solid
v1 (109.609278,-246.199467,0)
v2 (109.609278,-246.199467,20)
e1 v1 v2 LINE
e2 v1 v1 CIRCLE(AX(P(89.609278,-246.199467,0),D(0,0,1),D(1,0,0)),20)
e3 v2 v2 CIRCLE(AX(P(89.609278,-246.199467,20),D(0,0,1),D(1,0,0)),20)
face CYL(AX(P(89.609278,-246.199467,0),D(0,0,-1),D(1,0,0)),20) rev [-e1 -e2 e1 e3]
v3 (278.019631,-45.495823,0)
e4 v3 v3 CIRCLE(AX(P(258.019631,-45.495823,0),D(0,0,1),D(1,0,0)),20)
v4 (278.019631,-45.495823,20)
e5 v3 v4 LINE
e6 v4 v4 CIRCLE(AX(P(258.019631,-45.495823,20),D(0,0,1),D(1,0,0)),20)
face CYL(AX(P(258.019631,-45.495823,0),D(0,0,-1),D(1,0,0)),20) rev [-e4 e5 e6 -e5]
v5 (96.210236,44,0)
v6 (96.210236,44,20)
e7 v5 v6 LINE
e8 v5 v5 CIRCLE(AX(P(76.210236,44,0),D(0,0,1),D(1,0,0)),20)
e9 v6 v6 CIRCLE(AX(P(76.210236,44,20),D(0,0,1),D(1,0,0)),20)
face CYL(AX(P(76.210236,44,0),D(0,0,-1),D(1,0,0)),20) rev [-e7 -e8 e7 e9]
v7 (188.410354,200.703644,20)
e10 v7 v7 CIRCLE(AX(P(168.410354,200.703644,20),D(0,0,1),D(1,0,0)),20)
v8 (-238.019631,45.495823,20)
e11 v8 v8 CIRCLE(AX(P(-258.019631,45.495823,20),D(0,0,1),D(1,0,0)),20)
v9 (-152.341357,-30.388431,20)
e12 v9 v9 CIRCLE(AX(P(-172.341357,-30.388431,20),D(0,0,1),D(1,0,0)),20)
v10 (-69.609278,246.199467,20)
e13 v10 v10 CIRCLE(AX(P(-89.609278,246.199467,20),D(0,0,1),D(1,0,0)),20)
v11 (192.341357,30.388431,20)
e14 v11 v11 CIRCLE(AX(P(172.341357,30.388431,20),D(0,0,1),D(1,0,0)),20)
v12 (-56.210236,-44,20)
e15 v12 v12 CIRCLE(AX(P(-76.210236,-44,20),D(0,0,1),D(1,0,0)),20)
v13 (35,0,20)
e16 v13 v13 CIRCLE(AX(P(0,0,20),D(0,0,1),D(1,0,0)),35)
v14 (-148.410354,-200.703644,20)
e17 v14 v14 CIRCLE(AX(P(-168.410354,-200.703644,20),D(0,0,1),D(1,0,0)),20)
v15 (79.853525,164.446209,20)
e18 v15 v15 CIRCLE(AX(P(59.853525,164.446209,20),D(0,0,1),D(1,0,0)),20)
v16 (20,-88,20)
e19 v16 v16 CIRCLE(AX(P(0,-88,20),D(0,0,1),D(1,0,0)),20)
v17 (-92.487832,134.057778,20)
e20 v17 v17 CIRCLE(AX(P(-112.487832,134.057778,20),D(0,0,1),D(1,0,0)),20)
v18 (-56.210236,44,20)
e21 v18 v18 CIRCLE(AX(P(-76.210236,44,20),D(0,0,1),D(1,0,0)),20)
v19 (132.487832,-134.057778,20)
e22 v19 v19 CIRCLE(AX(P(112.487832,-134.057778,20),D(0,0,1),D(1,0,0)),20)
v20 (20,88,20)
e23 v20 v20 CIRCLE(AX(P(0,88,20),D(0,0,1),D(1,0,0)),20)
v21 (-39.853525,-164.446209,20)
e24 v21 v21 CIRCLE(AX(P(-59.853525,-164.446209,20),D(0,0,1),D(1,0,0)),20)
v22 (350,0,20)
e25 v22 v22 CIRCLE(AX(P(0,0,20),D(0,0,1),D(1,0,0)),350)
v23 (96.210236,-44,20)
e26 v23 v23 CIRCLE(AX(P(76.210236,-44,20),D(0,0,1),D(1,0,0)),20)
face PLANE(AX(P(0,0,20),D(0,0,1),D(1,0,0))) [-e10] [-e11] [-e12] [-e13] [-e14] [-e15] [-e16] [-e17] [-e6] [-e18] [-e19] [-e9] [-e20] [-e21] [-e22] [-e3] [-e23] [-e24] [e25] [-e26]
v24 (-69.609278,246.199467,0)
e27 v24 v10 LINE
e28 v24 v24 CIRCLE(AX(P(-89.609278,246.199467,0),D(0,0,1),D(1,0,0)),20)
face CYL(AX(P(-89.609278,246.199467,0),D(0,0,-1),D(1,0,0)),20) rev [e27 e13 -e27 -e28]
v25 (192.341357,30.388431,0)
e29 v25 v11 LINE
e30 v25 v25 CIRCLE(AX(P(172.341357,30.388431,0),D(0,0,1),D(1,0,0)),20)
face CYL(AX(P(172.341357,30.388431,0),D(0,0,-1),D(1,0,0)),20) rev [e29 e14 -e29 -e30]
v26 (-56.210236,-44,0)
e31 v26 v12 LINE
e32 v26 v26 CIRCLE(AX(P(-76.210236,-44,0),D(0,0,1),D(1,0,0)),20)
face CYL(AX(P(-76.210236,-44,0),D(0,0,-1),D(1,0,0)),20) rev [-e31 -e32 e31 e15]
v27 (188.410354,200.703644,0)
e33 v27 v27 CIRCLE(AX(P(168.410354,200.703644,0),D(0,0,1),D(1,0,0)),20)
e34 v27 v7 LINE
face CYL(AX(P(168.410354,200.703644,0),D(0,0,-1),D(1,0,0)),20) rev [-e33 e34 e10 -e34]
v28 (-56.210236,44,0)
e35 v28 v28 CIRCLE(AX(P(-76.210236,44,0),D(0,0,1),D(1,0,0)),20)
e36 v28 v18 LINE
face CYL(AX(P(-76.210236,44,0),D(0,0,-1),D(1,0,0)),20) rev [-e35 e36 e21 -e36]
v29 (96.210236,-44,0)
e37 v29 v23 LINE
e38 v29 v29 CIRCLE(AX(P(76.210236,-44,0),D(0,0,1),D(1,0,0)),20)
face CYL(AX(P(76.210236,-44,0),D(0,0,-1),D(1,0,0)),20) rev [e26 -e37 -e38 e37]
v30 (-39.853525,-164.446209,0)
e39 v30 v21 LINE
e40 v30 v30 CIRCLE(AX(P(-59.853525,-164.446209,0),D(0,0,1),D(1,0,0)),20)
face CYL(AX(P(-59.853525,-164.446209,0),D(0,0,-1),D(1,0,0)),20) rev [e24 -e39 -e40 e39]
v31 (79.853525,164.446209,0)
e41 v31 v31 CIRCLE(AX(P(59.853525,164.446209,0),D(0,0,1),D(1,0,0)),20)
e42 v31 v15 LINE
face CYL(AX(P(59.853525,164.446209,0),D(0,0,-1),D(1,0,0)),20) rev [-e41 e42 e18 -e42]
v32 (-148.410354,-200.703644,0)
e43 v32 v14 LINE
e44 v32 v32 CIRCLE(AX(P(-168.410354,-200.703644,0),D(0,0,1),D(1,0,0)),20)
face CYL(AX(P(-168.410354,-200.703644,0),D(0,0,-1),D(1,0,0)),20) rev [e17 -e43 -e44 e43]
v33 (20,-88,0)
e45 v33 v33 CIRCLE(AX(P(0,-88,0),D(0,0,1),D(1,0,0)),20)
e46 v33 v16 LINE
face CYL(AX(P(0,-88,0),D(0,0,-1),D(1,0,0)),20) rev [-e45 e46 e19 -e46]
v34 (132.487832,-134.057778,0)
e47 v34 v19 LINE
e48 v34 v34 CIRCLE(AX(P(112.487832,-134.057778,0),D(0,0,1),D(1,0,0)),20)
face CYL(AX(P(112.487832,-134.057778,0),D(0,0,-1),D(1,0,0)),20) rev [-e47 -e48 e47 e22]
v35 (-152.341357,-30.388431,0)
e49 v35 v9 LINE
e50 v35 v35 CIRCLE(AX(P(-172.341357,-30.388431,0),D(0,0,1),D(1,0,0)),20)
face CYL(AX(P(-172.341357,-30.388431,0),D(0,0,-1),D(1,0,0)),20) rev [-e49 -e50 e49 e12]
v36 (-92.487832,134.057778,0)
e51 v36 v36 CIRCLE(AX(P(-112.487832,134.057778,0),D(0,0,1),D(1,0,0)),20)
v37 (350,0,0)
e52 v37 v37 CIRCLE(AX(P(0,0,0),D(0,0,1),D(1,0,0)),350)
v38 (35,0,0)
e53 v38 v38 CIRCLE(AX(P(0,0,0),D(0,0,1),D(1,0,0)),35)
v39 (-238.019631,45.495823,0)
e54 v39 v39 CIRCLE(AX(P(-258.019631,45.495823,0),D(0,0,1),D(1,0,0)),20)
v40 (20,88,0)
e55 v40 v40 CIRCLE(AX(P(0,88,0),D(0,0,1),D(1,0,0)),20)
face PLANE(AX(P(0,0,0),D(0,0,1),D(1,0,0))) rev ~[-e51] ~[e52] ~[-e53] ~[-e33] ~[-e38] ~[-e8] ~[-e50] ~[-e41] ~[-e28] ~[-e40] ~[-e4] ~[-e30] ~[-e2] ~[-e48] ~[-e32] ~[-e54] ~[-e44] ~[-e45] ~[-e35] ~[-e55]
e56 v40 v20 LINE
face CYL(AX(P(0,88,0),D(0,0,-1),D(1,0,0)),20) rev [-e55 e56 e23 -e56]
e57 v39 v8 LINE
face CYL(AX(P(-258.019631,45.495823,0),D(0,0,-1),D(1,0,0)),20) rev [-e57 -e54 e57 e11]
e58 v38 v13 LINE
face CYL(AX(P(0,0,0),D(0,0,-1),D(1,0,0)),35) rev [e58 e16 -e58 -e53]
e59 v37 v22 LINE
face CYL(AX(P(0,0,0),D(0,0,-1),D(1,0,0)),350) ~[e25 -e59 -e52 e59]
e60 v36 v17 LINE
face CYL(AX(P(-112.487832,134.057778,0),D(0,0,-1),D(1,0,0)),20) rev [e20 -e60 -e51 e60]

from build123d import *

# Parameters (mm, degrees)
F0_R     = 350
F0_R_2   = 20
F0_R_3   = 35
F1_DEPTH = 20


with BuildPart() as f1:
    # F0 (on Top) → F1 (new body)
    with BuildSketch(Plane.XY):
        Circle(F0_R)
        with Locations((-168.410354, -200.703644)):
            Circle(F0_R_2, mode=Mode.SUBTRACT)
        with Locations((-59.853525, -164.446209)):
            Circle(F0_R_2, mode=Mode.SUBTRACT)
        with Locations((-172.341357, -30.388431)):
            Circle(F0_R_2, mode=Mode.SUBTRACT)
        with Locations((-76.210236, -44)):
            Circle(F0_R_2, mode=Mode.SUBTRACT)
        with Locations((89.609278, -246.199467)):
            Circle(F0_R_2, mode=Mode.SUBTRACT)
        with Locations((0, -88)):
            Circle(F0_R_2, mode=Mode.SUBTRACT)
        with Locations((112.487832, -134.057778)):
            Circle(F0_R_2, mode=Mode.SUBTRACT)
        with Locations((76.210236, -44)):
            Circle(F0_R_2, mode=Mode.SUBTRACT)
        with Locations((258.019631, -45.495823)):
            Circle(F0_R_2, mode=Mode.SUBTRACT)
        with Locations((-258.019631, 45.495823)):
            Circle(F0_R_2, mode=Mode.SUBTRACT)
        with Locations((-76.210236, 44)):
            Circle(F0_R_2, mode=Mode.SUBTRACT)
        with Locations((-112.487832, 134.057778)):
            Circle(F0_R_2, mode=Mode.SUBTRACT)
        with Locations((-89.609278, 246.199467)):
            Circle(F0_R_2, mode=Mode.SUBTRACT)
        Circle(F0_R_3, mode=Mode.SUBTRACT)
        with Locations((76.210236, 44)):
            Circle(F0_R_2, mode=Mode.SUBTRACT)
        with Locations((172.341357, 30.388431)):
            Circle(F0_R_2, mode=Mode.SUBTRACT)
        with Locations((0, 88)):
            Circle(F0_R_2, mode=Mode.SUBTRACT)
        with Locations((59.853525, 164.446209)):
            Circle(F0_R_2, mode=Mode.SUBTRACT)
        with Locations((168.410354, 200.703644)):
            Circle(F0_R_2, mode=Mode.SUBTRACT)
    extrude(amount=F1_DEPTH)


solid = f1.part
